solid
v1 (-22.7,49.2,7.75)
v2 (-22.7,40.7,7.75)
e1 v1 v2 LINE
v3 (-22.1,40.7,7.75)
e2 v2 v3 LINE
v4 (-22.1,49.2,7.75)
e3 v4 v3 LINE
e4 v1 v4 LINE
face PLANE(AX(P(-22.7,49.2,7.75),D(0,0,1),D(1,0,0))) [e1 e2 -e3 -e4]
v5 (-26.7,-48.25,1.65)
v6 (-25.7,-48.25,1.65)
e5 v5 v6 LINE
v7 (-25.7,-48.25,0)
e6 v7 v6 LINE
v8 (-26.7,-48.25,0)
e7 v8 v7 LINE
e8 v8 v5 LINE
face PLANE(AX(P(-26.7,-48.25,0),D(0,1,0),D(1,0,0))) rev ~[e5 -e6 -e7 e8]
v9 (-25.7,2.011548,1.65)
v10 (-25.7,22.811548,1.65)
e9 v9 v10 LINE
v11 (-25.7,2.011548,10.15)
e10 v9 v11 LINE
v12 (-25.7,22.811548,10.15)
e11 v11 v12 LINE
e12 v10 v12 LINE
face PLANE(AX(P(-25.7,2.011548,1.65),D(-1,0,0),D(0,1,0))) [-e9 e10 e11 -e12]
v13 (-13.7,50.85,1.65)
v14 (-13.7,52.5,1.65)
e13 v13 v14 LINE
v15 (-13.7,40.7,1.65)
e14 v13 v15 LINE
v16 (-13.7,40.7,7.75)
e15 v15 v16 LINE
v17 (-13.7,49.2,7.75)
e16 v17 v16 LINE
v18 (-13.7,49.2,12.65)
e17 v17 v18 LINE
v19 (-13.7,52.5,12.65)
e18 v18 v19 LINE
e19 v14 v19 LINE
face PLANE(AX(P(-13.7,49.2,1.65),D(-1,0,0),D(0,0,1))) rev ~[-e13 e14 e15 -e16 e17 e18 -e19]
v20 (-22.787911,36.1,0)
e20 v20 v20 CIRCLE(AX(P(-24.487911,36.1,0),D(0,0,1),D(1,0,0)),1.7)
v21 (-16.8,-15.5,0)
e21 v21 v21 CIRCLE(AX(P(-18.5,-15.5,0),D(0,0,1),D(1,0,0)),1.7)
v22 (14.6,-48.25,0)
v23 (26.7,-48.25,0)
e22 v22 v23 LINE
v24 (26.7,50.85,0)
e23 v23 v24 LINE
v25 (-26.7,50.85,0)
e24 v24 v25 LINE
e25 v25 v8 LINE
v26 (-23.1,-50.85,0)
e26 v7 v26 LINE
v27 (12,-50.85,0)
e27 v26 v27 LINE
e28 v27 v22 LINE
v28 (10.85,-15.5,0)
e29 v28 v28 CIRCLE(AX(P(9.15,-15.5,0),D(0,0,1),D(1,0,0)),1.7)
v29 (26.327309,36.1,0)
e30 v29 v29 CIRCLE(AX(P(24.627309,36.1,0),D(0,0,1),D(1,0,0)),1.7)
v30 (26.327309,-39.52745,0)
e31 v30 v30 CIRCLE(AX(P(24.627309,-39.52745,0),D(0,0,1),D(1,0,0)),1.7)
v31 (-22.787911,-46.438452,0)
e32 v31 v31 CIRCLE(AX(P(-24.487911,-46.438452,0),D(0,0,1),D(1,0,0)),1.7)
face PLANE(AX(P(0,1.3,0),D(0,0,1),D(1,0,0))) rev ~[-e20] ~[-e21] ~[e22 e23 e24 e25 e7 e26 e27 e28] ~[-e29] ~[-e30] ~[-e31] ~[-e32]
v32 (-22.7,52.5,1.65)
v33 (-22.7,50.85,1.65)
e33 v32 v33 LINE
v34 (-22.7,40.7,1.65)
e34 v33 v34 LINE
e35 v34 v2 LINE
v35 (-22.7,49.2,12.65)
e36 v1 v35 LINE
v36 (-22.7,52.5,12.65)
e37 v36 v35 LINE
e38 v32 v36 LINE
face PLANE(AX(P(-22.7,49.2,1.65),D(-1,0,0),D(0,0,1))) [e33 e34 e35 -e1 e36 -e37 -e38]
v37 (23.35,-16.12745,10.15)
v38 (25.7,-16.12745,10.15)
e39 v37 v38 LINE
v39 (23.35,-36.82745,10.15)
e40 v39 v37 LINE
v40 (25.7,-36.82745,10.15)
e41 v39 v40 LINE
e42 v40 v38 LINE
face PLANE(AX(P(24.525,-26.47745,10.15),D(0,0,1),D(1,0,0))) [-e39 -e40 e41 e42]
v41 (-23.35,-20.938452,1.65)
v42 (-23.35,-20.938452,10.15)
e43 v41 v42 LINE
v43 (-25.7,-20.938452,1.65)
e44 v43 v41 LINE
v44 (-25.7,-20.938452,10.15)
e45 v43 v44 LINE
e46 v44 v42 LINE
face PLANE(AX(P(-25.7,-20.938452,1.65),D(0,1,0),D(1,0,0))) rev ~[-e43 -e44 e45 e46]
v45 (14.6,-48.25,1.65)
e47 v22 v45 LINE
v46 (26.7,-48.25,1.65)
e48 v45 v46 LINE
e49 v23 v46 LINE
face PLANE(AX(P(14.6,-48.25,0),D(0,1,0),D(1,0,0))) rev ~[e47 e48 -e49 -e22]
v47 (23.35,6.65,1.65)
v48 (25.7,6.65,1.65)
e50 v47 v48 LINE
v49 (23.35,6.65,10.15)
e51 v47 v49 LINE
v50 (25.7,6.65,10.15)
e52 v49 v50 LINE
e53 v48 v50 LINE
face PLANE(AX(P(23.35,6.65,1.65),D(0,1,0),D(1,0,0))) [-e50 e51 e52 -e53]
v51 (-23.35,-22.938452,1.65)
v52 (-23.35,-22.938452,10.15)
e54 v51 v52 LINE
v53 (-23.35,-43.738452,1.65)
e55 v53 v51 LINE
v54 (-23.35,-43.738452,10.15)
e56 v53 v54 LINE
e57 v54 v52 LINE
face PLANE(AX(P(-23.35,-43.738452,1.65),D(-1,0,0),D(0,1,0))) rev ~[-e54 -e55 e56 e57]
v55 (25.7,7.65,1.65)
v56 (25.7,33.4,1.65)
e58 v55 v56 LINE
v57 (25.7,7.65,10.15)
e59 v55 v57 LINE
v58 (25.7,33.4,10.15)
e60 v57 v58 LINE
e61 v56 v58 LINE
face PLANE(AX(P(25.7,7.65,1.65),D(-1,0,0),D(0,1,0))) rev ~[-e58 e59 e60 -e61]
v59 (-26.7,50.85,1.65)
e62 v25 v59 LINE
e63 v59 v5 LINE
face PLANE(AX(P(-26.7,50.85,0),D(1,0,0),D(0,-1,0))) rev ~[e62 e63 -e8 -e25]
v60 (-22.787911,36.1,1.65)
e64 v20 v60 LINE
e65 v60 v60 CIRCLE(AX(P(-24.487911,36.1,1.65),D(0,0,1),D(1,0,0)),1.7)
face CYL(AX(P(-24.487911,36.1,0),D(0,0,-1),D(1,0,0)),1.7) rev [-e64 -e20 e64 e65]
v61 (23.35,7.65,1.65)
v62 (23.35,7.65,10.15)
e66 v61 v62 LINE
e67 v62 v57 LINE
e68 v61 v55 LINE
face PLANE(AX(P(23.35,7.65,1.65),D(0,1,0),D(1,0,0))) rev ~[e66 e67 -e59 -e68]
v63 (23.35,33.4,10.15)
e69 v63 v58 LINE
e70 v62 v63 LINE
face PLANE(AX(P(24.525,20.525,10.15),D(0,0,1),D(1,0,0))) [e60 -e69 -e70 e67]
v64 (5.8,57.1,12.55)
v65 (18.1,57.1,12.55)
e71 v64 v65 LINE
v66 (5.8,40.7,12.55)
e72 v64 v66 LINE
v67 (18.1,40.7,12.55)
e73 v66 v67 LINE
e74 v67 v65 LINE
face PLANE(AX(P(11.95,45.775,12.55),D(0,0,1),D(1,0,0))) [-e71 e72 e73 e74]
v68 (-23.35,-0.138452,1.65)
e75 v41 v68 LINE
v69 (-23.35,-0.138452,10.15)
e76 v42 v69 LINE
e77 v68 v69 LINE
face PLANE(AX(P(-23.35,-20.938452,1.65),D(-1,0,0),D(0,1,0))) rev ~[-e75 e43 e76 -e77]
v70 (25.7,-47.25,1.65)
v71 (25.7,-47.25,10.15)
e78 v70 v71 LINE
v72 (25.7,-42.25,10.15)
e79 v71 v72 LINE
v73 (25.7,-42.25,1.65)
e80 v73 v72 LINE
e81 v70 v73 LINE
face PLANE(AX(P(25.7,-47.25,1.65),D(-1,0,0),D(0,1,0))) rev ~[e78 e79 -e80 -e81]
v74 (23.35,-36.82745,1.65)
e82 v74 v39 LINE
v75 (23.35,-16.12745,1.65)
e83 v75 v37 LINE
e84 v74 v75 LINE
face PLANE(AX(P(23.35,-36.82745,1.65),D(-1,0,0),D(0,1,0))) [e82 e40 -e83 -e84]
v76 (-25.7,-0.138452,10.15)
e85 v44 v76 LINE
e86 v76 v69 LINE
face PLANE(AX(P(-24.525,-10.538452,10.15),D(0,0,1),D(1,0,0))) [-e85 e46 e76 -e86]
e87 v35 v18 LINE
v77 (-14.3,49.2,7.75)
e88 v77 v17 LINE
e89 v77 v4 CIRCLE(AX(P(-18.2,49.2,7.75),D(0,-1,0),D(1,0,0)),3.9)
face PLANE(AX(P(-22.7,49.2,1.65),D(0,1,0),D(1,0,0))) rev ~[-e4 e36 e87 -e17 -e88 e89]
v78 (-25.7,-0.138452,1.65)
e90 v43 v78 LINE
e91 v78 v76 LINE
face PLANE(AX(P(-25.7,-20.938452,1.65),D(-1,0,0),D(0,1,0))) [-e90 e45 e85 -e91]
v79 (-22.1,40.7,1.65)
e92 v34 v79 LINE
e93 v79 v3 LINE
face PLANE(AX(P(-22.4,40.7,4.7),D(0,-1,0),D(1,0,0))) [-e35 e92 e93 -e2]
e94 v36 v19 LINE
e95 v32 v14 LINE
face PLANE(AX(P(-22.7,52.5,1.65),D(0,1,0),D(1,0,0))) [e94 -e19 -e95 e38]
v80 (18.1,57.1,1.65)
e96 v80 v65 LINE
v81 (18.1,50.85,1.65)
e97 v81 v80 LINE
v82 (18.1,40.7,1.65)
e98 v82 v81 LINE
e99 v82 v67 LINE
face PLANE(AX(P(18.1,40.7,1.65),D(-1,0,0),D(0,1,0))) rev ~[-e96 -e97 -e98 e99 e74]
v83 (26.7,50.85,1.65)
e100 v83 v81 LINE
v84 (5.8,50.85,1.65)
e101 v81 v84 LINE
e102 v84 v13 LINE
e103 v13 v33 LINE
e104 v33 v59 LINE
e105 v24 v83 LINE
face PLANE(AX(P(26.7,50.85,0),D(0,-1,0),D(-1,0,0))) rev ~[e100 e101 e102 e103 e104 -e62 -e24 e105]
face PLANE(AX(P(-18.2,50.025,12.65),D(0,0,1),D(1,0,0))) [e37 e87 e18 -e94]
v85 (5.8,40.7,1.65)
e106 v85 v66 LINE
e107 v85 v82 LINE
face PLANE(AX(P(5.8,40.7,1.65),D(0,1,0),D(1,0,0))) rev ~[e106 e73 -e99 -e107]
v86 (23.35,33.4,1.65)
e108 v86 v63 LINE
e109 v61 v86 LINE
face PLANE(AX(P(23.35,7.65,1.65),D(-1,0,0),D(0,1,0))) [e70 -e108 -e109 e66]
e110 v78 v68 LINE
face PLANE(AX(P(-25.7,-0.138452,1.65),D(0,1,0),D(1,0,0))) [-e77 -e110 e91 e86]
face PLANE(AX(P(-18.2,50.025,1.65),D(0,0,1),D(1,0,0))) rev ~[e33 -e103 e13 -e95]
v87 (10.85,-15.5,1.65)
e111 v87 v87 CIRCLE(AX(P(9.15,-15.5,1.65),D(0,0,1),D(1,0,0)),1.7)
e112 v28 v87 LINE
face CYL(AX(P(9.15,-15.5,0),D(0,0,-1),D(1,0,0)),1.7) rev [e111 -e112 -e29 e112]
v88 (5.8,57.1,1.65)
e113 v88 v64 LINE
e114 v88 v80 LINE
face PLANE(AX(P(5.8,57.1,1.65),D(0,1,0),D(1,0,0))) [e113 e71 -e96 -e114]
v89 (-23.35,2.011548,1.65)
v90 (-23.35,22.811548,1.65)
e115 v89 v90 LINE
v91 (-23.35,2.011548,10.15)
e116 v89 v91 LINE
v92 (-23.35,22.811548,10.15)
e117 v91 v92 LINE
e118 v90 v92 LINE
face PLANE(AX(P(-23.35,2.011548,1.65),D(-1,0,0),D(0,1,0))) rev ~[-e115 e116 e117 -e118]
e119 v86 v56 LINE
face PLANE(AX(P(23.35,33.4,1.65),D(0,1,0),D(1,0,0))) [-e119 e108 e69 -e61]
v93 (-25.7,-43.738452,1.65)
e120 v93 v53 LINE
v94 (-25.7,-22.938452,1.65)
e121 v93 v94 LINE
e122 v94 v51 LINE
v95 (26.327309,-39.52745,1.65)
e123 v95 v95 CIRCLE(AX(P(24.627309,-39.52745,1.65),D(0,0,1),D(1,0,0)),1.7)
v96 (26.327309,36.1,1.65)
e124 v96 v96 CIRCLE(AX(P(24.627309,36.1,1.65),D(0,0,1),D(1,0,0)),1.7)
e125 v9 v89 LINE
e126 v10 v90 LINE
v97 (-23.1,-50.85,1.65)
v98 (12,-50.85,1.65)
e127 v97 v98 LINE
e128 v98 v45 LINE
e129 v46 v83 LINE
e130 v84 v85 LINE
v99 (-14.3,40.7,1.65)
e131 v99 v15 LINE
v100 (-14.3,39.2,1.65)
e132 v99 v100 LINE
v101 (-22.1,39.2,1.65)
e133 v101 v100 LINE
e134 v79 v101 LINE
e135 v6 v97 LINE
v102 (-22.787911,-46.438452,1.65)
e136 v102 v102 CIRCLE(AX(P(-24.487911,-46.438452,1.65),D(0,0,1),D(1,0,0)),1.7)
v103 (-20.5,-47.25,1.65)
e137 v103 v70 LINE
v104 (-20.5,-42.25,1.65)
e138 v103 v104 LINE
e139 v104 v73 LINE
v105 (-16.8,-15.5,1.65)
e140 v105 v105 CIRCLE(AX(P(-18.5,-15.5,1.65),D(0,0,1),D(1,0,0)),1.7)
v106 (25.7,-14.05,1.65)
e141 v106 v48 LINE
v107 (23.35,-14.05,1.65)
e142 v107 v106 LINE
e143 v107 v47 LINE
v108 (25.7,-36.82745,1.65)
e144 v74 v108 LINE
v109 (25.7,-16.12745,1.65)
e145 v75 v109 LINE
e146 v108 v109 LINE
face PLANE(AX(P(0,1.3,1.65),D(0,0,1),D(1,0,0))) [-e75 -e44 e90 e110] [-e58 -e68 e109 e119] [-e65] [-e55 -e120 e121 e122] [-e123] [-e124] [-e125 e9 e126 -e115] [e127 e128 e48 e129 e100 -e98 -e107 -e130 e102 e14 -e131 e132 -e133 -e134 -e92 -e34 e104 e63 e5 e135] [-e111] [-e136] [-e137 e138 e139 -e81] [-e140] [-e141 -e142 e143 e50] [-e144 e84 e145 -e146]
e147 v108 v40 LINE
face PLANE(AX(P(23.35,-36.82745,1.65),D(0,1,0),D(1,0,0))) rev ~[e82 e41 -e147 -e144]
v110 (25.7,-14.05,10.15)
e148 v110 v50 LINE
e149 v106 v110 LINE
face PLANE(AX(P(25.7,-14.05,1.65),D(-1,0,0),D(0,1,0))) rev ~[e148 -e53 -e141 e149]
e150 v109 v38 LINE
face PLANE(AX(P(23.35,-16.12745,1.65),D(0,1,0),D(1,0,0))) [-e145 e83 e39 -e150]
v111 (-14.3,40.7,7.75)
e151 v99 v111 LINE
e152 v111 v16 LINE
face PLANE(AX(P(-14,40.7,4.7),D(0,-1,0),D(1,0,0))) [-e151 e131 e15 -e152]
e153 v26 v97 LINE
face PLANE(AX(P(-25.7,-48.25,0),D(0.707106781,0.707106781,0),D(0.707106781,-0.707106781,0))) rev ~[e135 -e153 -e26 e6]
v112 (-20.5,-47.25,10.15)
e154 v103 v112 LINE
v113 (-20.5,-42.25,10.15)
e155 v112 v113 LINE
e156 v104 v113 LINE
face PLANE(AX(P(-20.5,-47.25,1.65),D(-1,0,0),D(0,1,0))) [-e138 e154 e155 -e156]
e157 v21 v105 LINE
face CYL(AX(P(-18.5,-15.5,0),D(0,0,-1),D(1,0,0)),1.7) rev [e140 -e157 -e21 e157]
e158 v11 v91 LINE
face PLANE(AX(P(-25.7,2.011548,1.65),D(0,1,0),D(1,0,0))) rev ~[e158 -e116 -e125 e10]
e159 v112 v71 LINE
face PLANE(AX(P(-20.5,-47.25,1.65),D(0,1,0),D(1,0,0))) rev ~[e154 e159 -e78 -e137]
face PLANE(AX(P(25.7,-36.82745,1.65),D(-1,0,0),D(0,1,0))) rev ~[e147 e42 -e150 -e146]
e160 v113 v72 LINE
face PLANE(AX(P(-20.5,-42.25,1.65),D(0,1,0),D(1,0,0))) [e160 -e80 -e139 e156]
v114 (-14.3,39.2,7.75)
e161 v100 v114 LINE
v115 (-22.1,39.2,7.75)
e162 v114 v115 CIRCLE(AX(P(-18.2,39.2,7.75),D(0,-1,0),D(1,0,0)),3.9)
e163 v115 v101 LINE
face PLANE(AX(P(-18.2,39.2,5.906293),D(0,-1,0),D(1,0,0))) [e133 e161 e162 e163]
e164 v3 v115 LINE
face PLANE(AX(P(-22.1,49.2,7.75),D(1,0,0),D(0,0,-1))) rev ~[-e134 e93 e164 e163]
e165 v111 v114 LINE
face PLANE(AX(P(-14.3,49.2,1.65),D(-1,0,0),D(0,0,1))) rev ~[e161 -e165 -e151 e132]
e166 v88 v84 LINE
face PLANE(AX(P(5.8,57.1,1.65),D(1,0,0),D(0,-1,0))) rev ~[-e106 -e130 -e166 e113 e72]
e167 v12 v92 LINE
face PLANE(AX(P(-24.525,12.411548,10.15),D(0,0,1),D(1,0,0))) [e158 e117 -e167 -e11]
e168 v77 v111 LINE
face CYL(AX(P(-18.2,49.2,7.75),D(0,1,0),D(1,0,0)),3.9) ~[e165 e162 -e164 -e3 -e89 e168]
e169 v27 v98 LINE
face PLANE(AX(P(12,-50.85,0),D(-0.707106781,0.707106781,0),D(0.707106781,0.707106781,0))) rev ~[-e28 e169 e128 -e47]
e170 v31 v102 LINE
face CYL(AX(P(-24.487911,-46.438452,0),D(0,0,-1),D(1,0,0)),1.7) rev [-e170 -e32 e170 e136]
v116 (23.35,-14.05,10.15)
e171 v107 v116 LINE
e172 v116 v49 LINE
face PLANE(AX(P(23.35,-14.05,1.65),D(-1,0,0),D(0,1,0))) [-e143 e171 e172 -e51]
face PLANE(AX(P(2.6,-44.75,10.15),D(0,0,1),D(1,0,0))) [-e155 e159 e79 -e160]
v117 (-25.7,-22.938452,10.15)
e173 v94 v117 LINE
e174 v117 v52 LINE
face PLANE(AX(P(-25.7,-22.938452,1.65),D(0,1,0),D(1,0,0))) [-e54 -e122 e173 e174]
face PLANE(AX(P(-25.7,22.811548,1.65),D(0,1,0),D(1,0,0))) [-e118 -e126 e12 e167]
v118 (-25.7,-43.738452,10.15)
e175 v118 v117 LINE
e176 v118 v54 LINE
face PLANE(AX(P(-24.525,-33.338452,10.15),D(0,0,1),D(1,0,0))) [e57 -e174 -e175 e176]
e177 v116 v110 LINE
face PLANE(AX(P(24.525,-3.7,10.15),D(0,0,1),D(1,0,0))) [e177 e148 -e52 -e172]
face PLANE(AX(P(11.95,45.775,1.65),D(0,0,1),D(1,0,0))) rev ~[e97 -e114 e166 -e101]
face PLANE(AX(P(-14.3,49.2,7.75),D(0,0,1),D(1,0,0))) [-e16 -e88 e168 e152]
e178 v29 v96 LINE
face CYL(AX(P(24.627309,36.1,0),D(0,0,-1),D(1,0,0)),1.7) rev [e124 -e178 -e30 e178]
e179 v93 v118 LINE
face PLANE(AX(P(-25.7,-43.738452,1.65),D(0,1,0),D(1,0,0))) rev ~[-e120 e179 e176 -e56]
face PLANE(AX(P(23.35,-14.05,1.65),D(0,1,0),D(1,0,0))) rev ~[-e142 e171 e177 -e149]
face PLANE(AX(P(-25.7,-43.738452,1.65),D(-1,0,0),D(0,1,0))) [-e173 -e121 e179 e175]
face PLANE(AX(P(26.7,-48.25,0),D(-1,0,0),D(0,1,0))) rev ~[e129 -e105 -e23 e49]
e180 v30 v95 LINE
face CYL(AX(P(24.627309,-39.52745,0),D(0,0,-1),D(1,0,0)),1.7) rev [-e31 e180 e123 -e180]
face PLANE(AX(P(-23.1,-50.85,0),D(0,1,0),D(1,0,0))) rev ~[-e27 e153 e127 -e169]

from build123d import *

# Parameters (mm, degrees)
F0_R      = 1.7
F1_DEPTH  = 1.65
F2_W      = 9
F2_H      = 1.65
F3_DEPTH  = 11
F5_DEPTH  = 10
F6_W      = 0.6
F6_H      = 6.1
F7_DEPTH  = 8.5
F8_W      = 12.3
F8_H      = 10.15
F8_H_2    = 6.25
F9_DEPTH  = 10.9
F10_W     = 2.35
F10_H     = 25.75
F10_H_2   = 20.7
F10_W_2   = 46.2
F10_H_3   = 5
F10_H_4   = 20.8
F11_DEPTH = 8.5


with BuildPart() as f1:
    # F0 (on Top) → F1 (new body)
    with BuildSketch(Plane.XY):
        Polygon((-26.7, -48.25), (-25.7, -48.25), (14.6, -48.25), (26.7, -48.25), (26.7, 50.85), (-26.7, 50.85), align=None)
        with Locations((-24.4879107922, -46.4384518564)):
            Circle(F0_R, mode=Mode.SUBTRACT)
        with Locations((-18.5, -15.5)):
            Circle(F0_R, mode=Mode.SUBTRACT)
        with Locations((24.6273092926, -39.5274497569)):
            Circle(F0_R, mode=Mode.SUBTRACT)
        with Locations((9.15, -15.5)):
            Circle(F0_R, mode=Mode.SUBTRACT)
        with Locations((-24.4879107922, 36.1)):
            Circle(F0_R, mode=Mode.SUBTRACT)
        with Locations((24.6273092926, 36.1)):
            Circle(F0_R, mode=Mode.SUBTRACT)
        Polygon((-25.7, -48.25), (-23.1, -50.85), (12, -50.85), (14.6, -48.25), align=None)
    extrude(amount=F1_DEPTH)

    # F2 (on face) → F3 (join)
    with BuildSketch(Plane.XY.offset(1.65)):
        with Locations((-18.2, 50.025)):
            Rectangle(F2_W, F2_H)
        with Locations((-18.2, 51.675)):
            Rectangle(F2_W, F2_H)
    extrude(amount=F3_DEPTH)

    # F4 (on face) → F5 (join)
    with BuildSketch(Plane.XZ.offset(-49.2)):
        with BuildLine():
            Line((-14.3, 1.65), (-14.3, 7.75))
            ThreePointArc((-14.3, 7.75), (-18.2, 11.65), (-22.1, 7.75))
            Line((-22.1, 7.75), (-22.1, 1.65))
            Line((-22.1, 1.65), (-14.3, 1.65))
        make_face()
    extrude(amount=F5_DEPTH)

    # F6 (on face) → F7 (join)
    with BuildSketch(Plane.XZ.offset(-49.2)):
        with Locations((-22.4, 4.7)):
            Rectangle(F6_W, F6_H)
        with Locations((-14, 4.7)):
            Rectangle(F6_W, F6_H)
    extrude(amount=F7_DEPTH)

    # F8 (on face) → F9 (join)
    with BuildSketch(Plane.XY.offset(1.65)):
        with Locations((11.95, 45.775)):
            Rectangle(F8_W, F8_H)
        with Locations((11.95, 53.975)):
            Rectangle(F8_W, F8_H_2)
    extrude(amount=F9_DEPTH)

    # F10 (on face) → F11 (join)
    with BuildSketch(Plane.XY.offset(1.65)):
        with Locations((24.525, 20.525)):
            Rectangle(F10_W, F10_H)
        with Locations((24.525, -3.7)):
            Rectangle(F10_W, F10_H_2)
        with Locations((24.525, -26.4774497569)):
            Rectangle(F10_W, F10_H_2)
        with Locations((2.6, -44.75)):
            Rectangle(F10_W_2, F10_H_3)
        with Locations((-24.525, -33.3384518564)):
            Rectangle(F10_W, F10_H_4)
        with Locations((-24.525, -10.5384518564)):
            Rectangle(F10_W, F10_H_4)
        with Locations((-24.525, 12.4115481436)):
            Rectangle(F10_W, F10_H_4)
    extrude(amount=F11_DEPTH)


solid = f1.part
